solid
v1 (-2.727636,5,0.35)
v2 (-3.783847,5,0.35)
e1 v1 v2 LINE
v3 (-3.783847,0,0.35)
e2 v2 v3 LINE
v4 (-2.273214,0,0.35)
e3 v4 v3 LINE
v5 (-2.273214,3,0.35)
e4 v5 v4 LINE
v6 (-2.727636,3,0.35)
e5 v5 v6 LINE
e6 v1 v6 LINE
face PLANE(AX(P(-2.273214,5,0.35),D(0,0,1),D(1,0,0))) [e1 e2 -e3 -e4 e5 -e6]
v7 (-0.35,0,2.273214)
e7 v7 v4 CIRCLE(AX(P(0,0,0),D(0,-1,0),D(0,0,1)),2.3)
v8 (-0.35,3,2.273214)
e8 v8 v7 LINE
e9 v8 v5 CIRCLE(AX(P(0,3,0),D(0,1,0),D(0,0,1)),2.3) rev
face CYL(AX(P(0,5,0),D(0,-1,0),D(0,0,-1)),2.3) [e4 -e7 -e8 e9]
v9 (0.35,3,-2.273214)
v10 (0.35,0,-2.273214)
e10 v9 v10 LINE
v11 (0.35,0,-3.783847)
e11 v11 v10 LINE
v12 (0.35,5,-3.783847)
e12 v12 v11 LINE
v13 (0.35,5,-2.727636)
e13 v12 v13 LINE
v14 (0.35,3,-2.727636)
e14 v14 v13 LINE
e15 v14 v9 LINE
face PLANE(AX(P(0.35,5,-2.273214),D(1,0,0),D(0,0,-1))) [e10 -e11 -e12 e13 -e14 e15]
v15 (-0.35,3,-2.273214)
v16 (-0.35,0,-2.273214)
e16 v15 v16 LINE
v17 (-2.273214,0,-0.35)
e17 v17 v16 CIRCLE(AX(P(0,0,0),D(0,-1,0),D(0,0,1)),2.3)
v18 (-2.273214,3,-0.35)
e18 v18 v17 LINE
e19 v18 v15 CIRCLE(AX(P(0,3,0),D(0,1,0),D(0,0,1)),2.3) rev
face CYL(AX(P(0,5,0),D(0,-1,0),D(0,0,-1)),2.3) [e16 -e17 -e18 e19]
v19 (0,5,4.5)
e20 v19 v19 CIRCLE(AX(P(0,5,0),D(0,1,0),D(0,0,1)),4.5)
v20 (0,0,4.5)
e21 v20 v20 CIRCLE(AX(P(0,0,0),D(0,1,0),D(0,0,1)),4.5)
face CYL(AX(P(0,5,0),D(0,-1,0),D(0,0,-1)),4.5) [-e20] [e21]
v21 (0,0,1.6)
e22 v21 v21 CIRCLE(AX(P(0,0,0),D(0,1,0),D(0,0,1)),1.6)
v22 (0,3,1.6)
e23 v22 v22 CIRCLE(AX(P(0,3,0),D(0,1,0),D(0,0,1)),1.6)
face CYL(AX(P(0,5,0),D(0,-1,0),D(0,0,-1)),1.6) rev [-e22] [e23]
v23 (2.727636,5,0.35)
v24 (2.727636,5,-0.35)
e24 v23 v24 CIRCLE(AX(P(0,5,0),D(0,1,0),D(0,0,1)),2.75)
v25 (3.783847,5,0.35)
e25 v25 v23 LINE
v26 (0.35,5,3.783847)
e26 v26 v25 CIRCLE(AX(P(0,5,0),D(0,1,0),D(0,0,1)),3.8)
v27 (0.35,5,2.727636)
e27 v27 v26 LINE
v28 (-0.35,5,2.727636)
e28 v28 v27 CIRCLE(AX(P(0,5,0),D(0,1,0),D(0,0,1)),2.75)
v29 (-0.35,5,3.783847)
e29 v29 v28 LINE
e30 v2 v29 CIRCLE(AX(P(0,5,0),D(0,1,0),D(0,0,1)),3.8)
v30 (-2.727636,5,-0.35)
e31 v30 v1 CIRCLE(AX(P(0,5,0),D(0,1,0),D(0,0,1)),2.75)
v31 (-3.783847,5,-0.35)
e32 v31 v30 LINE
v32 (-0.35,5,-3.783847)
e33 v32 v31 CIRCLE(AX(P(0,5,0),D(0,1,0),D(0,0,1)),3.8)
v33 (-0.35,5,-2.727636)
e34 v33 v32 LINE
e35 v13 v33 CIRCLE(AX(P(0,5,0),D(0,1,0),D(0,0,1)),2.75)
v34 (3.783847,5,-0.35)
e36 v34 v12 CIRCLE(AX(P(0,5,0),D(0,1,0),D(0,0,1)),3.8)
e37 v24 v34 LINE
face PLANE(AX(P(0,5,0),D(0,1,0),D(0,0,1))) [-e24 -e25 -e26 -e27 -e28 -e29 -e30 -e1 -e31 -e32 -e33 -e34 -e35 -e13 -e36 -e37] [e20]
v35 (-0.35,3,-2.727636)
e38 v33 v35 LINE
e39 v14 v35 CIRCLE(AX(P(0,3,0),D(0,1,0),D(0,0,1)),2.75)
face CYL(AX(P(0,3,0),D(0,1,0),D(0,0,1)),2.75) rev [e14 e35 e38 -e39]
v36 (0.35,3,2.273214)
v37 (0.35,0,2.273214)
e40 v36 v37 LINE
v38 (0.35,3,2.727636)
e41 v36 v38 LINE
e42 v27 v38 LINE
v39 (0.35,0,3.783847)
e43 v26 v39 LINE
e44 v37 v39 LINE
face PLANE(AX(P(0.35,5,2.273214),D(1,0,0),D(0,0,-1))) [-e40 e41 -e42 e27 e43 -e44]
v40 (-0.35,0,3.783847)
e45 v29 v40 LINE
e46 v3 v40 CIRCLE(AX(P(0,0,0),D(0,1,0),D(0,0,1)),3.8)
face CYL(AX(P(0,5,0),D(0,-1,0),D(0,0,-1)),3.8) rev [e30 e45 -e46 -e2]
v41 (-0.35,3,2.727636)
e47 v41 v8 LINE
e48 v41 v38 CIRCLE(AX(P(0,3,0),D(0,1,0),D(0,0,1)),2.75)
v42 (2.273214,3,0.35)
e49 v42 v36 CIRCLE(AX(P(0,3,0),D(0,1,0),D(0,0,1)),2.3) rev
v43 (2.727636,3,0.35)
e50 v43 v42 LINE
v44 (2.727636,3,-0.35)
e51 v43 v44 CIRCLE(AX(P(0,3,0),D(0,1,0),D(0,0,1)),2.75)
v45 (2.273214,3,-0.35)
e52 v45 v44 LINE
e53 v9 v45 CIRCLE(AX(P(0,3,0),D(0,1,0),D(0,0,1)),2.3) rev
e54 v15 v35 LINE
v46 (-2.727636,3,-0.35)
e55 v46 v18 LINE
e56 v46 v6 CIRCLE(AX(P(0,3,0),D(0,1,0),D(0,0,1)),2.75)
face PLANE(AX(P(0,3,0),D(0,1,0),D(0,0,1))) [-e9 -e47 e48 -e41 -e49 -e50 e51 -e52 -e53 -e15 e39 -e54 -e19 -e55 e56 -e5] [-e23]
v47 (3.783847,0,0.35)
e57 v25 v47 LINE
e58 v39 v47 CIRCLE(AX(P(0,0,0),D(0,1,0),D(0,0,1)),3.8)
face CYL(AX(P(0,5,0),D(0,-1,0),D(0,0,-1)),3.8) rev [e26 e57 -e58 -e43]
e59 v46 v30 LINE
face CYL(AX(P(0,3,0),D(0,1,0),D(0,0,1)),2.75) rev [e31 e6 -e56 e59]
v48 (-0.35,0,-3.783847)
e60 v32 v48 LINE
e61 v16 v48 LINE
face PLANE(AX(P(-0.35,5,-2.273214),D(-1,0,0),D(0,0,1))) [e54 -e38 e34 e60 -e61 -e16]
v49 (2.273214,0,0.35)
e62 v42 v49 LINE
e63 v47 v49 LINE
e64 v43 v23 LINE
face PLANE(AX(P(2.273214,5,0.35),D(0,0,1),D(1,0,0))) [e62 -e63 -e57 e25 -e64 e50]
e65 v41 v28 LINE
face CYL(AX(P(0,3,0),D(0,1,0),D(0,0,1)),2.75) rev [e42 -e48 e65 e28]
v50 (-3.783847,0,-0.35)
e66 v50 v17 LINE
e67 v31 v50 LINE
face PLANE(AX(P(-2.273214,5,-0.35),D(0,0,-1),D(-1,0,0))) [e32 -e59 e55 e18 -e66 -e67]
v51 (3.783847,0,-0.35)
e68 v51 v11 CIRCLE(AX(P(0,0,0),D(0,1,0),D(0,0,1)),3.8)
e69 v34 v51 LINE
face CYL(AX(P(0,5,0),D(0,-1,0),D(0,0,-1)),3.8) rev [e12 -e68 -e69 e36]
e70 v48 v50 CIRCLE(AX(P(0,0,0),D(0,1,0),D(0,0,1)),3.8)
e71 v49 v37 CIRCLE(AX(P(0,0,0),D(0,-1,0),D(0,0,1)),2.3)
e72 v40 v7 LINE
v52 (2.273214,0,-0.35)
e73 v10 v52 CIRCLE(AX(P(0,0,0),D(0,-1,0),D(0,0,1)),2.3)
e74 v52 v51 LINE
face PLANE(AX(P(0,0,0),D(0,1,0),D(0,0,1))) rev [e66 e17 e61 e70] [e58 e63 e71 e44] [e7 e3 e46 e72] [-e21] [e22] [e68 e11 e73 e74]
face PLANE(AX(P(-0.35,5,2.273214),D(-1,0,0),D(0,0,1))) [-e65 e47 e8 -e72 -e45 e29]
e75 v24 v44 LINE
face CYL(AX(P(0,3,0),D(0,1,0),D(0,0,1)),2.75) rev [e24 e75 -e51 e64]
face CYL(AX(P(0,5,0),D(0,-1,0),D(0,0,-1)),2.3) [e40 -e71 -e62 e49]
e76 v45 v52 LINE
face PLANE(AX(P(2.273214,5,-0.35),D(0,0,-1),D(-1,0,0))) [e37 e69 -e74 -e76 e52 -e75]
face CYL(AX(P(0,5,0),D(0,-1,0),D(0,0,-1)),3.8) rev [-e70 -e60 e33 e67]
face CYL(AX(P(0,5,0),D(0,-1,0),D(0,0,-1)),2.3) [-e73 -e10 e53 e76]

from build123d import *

# Parameters (mm, degrees)
SKETCH_1_R          = 4.5
SKETCH_1_R_2        = 1.6
EXTRUDE_1_DEPTH     = 5
SKETCH_2_R          = 2.75
CUT_EXTRUDE_1_DEPTH = 2


with BuildPart() as part:
    # 草图1 → 凸台-拉伸1 (new body)
    with BuildSketch(Plane(origin=(0, 0, 0), x_dir=(1, 0, 0), z_dir=(0, 1, 0))):
        with Locations(Location((0, 0, 0), (0, 0, 270))):
            Circle(SKETCH_1_R)
        with Locations(Location((0, 0, 0), (0, 0, 270))):
            Circle(SKETCH_1_R_2, mode=Mode.SUBTRACT)
        with BuildLine():
            Line((2.273213584, 0.35), (3.783847249, 0.35))
            ThreePointArc((3.783847249, 0.35), (2.687005769, 2.687005769), (0.35, 3.783847249))
            Line((0.35, 3.783847249), (0.35, 2.273213584))
            ThreePointArc((0.35, 2.273213584), (1.626345597, 1.626345597), (2.273213584, 0.35))
        make_face(mode=Mode.SUBTRACT)
        with BuildLine():
            Line((2.273213584, -0.35), (3.783847249, -0.35))
            ThreePointArc((3.783847249, -0.35), (2.687005769, -2.687005769), (0.35, -3.783847249))
            Line((0.35, -3.783847249), (0.35, -2.273213584))
            ThreePointArc((0.35, -2.273213584), (1.626345597, -1.626345597), (2.273213584, -0.35))
        make_face(mode=Mode.SUBTRACT)
        with BuildLine():
            Line((-0.35, -2.273213584), (-0.35, -3.783847249))
            ThreePointArc((-0.35, -3.783847249), (-2.687005769, -2.687005769), (-3.783847249, -0.35))
            Line((-3.783847249, -0.35), (-2.273213584, -0.35))
            ThreePointArc((-2.273213584, -0.35), (-1.626345597, -1.626345597), (-0.35, -2.273213584))
        make_face(mode=Mode.SUBTRACT)
        with BuildLine():
            Line((-2.273213584, 0.35), (-3.783847249, 0.35))
            ThreePointArc((-3.783847249, 0.35), (-2.687005769, 2.687005769), (-0.35, 3.783847249))
            Line((-0.35, 3.783847249), (-0.35, 2.273213584))
            ThreePointArc((-0.35, 2.273213584), (-1.626345597, 1.626345597), (-2.273213584, 0.35))
        make_face(mode=Mode.SUBTRACT)
    extrude(amount=EXTRUDE_1_DEPTH)

    # 草图2 → 切除-拉伸1 (cut)
    with BuildSketch(Plane(origin=(0, 5, 0), x_dir=(1, 0, 0), z_dir=(0, 1, 0))):
        Circle(SKETCH_2_R)
    extrude(amount=-CUT_EXTRUDE_1_DEPTH, mode=Mode.SUBTRACT)


solid = part.part
